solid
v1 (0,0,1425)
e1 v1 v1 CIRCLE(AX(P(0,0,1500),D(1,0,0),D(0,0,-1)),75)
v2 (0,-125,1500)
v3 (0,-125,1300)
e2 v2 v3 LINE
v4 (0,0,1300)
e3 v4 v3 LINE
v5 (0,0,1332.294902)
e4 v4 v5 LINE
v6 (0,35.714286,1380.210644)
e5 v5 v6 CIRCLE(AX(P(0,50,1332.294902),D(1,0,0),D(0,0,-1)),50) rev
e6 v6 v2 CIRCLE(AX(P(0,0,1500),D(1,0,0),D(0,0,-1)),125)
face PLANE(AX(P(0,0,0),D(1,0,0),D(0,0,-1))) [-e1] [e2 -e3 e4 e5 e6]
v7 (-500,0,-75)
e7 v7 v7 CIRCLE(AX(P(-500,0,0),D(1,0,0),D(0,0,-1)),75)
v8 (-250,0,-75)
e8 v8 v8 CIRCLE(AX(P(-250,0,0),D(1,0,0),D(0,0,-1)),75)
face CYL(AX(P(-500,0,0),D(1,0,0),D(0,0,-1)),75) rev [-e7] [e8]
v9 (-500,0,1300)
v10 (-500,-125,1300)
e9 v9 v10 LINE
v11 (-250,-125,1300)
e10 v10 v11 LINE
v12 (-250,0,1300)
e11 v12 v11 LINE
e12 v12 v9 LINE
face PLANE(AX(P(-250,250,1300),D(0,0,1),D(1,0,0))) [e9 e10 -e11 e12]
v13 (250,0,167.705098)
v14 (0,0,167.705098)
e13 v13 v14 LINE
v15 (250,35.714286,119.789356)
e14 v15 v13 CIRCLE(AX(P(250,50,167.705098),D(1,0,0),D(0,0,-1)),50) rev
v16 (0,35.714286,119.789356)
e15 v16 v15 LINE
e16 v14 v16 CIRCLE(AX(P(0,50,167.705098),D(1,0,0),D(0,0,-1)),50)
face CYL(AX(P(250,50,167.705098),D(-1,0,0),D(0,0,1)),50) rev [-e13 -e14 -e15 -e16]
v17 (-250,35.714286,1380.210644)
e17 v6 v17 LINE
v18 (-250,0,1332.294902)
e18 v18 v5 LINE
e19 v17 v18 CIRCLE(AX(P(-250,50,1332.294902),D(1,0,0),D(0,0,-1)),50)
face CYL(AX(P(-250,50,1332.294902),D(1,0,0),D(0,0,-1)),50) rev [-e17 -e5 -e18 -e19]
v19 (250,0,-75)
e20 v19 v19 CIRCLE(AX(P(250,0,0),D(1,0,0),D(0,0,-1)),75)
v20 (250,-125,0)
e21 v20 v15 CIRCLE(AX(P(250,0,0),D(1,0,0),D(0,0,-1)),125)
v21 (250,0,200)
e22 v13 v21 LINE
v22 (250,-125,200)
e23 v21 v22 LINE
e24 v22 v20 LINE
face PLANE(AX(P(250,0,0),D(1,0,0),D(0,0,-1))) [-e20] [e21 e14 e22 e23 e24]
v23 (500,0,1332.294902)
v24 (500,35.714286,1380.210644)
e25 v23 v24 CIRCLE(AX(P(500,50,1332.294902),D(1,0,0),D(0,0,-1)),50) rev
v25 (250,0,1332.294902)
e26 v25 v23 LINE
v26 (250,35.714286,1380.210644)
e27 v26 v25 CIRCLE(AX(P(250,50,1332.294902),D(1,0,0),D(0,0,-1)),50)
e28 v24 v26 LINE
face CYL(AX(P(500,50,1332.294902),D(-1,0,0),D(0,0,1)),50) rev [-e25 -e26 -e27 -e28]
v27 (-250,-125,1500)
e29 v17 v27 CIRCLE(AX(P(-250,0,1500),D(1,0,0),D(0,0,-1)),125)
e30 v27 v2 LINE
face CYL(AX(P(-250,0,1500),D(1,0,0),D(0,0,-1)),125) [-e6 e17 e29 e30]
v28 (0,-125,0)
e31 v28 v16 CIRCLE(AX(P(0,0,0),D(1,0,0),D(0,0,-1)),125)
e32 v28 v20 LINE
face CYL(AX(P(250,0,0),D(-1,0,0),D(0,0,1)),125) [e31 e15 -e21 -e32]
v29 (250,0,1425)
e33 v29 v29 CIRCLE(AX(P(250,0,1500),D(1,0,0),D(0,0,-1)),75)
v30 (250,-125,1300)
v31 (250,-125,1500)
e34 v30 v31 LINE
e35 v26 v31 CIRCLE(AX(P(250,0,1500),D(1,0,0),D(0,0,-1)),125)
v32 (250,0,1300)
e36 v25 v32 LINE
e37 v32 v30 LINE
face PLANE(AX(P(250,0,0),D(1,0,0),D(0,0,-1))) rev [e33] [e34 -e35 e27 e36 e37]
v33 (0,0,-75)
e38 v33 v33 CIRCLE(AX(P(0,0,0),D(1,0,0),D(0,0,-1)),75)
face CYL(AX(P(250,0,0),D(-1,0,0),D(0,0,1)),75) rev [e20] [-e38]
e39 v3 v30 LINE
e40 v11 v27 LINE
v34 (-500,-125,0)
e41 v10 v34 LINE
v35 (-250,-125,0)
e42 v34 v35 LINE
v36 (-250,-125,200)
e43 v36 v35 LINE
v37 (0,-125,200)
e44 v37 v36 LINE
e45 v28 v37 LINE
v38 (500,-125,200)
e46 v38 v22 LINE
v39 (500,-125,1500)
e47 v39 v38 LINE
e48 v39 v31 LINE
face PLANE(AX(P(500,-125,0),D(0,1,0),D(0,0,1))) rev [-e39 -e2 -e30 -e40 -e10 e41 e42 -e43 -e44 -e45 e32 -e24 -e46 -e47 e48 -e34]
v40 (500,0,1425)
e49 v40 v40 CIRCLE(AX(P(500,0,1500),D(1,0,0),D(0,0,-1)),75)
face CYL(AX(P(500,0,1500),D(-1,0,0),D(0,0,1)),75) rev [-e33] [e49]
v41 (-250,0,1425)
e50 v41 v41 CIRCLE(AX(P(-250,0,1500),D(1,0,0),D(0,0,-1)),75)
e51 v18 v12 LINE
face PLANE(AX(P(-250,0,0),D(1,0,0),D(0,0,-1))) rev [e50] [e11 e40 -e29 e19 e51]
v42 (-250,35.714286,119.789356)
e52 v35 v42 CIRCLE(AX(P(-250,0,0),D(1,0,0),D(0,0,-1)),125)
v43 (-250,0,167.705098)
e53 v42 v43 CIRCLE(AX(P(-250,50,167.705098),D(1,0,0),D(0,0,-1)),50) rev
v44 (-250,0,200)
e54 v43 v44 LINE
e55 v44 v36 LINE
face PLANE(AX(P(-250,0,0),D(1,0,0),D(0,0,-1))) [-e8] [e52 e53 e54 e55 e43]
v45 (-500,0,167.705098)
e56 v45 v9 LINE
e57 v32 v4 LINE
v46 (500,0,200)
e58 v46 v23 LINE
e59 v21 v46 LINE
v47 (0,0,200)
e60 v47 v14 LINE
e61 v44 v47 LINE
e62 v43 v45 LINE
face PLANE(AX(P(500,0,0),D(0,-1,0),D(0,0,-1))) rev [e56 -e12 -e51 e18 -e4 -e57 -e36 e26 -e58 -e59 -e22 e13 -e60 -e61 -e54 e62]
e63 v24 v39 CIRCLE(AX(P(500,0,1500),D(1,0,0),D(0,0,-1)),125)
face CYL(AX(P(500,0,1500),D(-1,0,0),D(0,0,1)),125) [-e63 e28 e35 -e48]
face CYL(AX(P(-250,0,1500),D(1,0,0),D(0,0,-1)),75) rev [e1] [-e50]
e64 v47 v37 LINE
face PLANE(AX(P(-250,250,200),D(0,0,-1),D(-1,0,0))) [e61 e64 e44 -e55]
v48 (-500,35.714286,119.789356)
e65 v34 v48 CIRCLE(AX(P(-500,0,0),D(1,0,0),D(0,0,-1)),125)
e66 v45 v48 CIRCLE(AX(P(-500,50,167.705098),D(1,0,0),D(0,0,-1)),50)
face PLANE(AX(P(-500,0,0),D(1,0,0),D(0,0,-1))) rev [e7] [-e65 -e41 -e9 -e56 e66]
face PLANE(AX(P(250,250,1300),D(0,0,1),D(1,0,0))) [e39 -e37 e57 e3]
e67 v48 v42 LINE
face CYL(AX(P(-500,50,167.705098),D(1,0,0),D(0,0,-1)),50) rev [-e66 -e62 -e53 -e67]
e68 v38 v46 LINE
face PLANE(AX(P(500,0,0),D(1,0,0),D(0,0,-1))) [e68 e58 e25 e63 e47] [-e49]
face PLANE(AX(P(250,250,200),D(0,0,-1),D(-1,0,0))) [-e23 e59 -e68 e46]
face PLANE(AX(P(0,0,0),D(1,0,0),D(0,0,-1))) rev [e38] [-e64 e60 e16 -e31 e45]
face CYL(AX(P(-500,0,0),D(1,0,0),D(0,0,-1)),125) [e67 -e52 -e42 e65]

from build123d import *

# Parameters (mm, degrees)
BOSS_EXTRUDE1_DEPTH     = 500
BOSS_EXTRUDE2_START     = 250
SKETCH1_3_R             = 75
BOSS_EXTRUDE2_DEPTH     = 250
SKETCH1_4_R             = 75
BOSS_EXTRUDE3_DEPTH     = 250
BOSS_EXTRUDE4_START     = -250
SKETCH1_5_R             = 75
BOSS_EXTRUDE4_DEPTH     = 250
BOSS_EXTRUDE5_START     = 500
SKETCH1_6_R             = 75
BOSS_EXTRUDE5_DEPTH     = 250
CUT_EXTRUDE1_DEPTH      = 250
CUT_EXTRUDE1_DEPTH_BACK = 250
FILLET1_R               = 50


with BuildPart() as part:
    # Sketch1 → Boss-Extrude1 (new, symmetric)
    with BuildSketch(Plane(origin=(0, 0, 0), x_dir=(0, 0, -1), z_dir=(1, 0, 0))):
        with BuildLine():
            ThreePointArc((0, -125), (-88.388347648, -88.388347648), (-125, 0))
            Line((-125, 0), (-1375, 0))
            ThreePointArc((-1375, 0), (-1411.611652352, -88.388347648), (-1500, -125))
            Line((-1500, -125), (0, -125))
        make_face()
    extrude(amount=BOSS_EXTRUDE1_DEPTH, both=True)

    # Sketch1<3> → Boss-Extrude2 (add)
    with BuildSketch(Plane(origin=(0, 0, 0), x_dir=(0, 0, -1), z_dir=(1, 0, 0)).offset(BOSS_EXTRUDE2_START)):
        with BuildLine():
            ThreePointArc((125, 0), (0, 125), (-125, 0))
            ThreePointArc((-125, 0), (-88.388347648, -88.388347648), (0, -125))
            ThreePointArc((0, -125), (88.388347648, -88.388347648), (125, 0))
        make_face()
        Circle(SKETCH1_3_R, mode=Mode.SUBTRACT)
    extrude(amount=-BOSS_EXTRUDE2_DEPTH)

    # Sketch1<4> → Boss-Extrude3 (add)
    with BuildSketch(Plane(origin=(0, 0, 0), x_dir=(0, 0, -1), z_dir=(1, 0, 0))):
        with BuildLine():
            ThreePointArc((-1500, -125), (-1411.611652352, -88.388347648), (-1375, 0))
            ThreePointArc((-1375, 0), (-1588.388347648, 88.388347648), (-1500, -125))
        make_face()
        with Locations((-1500, 0)):
            Circle(SKETCH1_4_R, mode=Mode.SUBTRACT)
    extrude(amount=-BOSS_EXTRUDE3_DEPTH)

    # Sketch1<5> → Boss-Extrude4 (add)
    with BuildSketch(Plane(origin=(0, 0, 0), x_dir=(0, 0, -1), z_dir=(1, 0, 0)).offset(BOSS_EXTRUDE4_START)):
        with BuildLine():
            ThreePointArc((125, 0), (0, 125), (-125, 0))
            ThreePointArc((-125, 0), (-88.388347648, -88.388347648), (0, -125))
            ThreePointArc((0, -125), (88.388347648, -88.388347648), (125, 0))
        make_face()
        Circle(SKETCH1_5_R, mode=Mode.SUBTRACT)
    extrude(amount=-BOSS_EXTRUDE4_DEPTH)

    # Sketch1<6> → Boss-Extrude5 (add)
    with BuildSketch(Plane(origin=(0, 0, 0), x_dir=(0, 0, -1), z_dir=(1, 0, 0)).offset(BOSS_EXTRUDE5_START)):
        with BuildLine():
            ThreePointArc((-1500, -125), (-1411.611652352, -88.388347648), (-1375, 0))
            ThreePointArc((-1375, 0), (-1588.388347648, 88.388347648), (-1500, -125))
        make_face()
        with Locations((-1500, 0)):
            Circle(SKETCH1_6_R, mode=Mode.SUBTRACT)
    extrude(amount=-BOSS_EXTRUDE5_DEPTH)

    # Sketch2 → Cut-Extrude1 (cut, two sides: drawn at the far end of the back side and taken through both)
    with BuildSketch(Plane(origin=(0, 0, 0), x_dir=(1, 0, 0), z_dir=(0, 1, 0)).offset(-CUT_EXTRUDE1_DEPTH_BACK)):
        Polygon((-250, 550.682417094), (-250, -200), (0, -200), (0, 342.970708342), (250, 342.970708342), (250, -200), (760.214276003, -200), (760.214276003, 550.682417094), align=None)
        Polygon((250, -2214.630516483), (250, -1300), (0, -1300), (0, -1946.053133522), (-250, -1946.053133522), (-250, -1300), (-708.69599817, -1300), (-708.69599817, -2214.630516483), align=None)
    extrude(amount=CUT_EXTRUDE1_DEPTH + CUT_EXTRUDE1_DEPTH_BACK, mode=Mode.SUBTRACT)

    # Fillet1
    fillet1_edges = [part.edges().sort_by_distance(p)[0] for p in [
        (-125, 0, 1375),
        (375, 0, 1375),
        (125, 0, 125),
        (-375, 0, 125),
    ]]
    fillet(fillet1_edges, radius=FILLET1_R)


solid = part.part
